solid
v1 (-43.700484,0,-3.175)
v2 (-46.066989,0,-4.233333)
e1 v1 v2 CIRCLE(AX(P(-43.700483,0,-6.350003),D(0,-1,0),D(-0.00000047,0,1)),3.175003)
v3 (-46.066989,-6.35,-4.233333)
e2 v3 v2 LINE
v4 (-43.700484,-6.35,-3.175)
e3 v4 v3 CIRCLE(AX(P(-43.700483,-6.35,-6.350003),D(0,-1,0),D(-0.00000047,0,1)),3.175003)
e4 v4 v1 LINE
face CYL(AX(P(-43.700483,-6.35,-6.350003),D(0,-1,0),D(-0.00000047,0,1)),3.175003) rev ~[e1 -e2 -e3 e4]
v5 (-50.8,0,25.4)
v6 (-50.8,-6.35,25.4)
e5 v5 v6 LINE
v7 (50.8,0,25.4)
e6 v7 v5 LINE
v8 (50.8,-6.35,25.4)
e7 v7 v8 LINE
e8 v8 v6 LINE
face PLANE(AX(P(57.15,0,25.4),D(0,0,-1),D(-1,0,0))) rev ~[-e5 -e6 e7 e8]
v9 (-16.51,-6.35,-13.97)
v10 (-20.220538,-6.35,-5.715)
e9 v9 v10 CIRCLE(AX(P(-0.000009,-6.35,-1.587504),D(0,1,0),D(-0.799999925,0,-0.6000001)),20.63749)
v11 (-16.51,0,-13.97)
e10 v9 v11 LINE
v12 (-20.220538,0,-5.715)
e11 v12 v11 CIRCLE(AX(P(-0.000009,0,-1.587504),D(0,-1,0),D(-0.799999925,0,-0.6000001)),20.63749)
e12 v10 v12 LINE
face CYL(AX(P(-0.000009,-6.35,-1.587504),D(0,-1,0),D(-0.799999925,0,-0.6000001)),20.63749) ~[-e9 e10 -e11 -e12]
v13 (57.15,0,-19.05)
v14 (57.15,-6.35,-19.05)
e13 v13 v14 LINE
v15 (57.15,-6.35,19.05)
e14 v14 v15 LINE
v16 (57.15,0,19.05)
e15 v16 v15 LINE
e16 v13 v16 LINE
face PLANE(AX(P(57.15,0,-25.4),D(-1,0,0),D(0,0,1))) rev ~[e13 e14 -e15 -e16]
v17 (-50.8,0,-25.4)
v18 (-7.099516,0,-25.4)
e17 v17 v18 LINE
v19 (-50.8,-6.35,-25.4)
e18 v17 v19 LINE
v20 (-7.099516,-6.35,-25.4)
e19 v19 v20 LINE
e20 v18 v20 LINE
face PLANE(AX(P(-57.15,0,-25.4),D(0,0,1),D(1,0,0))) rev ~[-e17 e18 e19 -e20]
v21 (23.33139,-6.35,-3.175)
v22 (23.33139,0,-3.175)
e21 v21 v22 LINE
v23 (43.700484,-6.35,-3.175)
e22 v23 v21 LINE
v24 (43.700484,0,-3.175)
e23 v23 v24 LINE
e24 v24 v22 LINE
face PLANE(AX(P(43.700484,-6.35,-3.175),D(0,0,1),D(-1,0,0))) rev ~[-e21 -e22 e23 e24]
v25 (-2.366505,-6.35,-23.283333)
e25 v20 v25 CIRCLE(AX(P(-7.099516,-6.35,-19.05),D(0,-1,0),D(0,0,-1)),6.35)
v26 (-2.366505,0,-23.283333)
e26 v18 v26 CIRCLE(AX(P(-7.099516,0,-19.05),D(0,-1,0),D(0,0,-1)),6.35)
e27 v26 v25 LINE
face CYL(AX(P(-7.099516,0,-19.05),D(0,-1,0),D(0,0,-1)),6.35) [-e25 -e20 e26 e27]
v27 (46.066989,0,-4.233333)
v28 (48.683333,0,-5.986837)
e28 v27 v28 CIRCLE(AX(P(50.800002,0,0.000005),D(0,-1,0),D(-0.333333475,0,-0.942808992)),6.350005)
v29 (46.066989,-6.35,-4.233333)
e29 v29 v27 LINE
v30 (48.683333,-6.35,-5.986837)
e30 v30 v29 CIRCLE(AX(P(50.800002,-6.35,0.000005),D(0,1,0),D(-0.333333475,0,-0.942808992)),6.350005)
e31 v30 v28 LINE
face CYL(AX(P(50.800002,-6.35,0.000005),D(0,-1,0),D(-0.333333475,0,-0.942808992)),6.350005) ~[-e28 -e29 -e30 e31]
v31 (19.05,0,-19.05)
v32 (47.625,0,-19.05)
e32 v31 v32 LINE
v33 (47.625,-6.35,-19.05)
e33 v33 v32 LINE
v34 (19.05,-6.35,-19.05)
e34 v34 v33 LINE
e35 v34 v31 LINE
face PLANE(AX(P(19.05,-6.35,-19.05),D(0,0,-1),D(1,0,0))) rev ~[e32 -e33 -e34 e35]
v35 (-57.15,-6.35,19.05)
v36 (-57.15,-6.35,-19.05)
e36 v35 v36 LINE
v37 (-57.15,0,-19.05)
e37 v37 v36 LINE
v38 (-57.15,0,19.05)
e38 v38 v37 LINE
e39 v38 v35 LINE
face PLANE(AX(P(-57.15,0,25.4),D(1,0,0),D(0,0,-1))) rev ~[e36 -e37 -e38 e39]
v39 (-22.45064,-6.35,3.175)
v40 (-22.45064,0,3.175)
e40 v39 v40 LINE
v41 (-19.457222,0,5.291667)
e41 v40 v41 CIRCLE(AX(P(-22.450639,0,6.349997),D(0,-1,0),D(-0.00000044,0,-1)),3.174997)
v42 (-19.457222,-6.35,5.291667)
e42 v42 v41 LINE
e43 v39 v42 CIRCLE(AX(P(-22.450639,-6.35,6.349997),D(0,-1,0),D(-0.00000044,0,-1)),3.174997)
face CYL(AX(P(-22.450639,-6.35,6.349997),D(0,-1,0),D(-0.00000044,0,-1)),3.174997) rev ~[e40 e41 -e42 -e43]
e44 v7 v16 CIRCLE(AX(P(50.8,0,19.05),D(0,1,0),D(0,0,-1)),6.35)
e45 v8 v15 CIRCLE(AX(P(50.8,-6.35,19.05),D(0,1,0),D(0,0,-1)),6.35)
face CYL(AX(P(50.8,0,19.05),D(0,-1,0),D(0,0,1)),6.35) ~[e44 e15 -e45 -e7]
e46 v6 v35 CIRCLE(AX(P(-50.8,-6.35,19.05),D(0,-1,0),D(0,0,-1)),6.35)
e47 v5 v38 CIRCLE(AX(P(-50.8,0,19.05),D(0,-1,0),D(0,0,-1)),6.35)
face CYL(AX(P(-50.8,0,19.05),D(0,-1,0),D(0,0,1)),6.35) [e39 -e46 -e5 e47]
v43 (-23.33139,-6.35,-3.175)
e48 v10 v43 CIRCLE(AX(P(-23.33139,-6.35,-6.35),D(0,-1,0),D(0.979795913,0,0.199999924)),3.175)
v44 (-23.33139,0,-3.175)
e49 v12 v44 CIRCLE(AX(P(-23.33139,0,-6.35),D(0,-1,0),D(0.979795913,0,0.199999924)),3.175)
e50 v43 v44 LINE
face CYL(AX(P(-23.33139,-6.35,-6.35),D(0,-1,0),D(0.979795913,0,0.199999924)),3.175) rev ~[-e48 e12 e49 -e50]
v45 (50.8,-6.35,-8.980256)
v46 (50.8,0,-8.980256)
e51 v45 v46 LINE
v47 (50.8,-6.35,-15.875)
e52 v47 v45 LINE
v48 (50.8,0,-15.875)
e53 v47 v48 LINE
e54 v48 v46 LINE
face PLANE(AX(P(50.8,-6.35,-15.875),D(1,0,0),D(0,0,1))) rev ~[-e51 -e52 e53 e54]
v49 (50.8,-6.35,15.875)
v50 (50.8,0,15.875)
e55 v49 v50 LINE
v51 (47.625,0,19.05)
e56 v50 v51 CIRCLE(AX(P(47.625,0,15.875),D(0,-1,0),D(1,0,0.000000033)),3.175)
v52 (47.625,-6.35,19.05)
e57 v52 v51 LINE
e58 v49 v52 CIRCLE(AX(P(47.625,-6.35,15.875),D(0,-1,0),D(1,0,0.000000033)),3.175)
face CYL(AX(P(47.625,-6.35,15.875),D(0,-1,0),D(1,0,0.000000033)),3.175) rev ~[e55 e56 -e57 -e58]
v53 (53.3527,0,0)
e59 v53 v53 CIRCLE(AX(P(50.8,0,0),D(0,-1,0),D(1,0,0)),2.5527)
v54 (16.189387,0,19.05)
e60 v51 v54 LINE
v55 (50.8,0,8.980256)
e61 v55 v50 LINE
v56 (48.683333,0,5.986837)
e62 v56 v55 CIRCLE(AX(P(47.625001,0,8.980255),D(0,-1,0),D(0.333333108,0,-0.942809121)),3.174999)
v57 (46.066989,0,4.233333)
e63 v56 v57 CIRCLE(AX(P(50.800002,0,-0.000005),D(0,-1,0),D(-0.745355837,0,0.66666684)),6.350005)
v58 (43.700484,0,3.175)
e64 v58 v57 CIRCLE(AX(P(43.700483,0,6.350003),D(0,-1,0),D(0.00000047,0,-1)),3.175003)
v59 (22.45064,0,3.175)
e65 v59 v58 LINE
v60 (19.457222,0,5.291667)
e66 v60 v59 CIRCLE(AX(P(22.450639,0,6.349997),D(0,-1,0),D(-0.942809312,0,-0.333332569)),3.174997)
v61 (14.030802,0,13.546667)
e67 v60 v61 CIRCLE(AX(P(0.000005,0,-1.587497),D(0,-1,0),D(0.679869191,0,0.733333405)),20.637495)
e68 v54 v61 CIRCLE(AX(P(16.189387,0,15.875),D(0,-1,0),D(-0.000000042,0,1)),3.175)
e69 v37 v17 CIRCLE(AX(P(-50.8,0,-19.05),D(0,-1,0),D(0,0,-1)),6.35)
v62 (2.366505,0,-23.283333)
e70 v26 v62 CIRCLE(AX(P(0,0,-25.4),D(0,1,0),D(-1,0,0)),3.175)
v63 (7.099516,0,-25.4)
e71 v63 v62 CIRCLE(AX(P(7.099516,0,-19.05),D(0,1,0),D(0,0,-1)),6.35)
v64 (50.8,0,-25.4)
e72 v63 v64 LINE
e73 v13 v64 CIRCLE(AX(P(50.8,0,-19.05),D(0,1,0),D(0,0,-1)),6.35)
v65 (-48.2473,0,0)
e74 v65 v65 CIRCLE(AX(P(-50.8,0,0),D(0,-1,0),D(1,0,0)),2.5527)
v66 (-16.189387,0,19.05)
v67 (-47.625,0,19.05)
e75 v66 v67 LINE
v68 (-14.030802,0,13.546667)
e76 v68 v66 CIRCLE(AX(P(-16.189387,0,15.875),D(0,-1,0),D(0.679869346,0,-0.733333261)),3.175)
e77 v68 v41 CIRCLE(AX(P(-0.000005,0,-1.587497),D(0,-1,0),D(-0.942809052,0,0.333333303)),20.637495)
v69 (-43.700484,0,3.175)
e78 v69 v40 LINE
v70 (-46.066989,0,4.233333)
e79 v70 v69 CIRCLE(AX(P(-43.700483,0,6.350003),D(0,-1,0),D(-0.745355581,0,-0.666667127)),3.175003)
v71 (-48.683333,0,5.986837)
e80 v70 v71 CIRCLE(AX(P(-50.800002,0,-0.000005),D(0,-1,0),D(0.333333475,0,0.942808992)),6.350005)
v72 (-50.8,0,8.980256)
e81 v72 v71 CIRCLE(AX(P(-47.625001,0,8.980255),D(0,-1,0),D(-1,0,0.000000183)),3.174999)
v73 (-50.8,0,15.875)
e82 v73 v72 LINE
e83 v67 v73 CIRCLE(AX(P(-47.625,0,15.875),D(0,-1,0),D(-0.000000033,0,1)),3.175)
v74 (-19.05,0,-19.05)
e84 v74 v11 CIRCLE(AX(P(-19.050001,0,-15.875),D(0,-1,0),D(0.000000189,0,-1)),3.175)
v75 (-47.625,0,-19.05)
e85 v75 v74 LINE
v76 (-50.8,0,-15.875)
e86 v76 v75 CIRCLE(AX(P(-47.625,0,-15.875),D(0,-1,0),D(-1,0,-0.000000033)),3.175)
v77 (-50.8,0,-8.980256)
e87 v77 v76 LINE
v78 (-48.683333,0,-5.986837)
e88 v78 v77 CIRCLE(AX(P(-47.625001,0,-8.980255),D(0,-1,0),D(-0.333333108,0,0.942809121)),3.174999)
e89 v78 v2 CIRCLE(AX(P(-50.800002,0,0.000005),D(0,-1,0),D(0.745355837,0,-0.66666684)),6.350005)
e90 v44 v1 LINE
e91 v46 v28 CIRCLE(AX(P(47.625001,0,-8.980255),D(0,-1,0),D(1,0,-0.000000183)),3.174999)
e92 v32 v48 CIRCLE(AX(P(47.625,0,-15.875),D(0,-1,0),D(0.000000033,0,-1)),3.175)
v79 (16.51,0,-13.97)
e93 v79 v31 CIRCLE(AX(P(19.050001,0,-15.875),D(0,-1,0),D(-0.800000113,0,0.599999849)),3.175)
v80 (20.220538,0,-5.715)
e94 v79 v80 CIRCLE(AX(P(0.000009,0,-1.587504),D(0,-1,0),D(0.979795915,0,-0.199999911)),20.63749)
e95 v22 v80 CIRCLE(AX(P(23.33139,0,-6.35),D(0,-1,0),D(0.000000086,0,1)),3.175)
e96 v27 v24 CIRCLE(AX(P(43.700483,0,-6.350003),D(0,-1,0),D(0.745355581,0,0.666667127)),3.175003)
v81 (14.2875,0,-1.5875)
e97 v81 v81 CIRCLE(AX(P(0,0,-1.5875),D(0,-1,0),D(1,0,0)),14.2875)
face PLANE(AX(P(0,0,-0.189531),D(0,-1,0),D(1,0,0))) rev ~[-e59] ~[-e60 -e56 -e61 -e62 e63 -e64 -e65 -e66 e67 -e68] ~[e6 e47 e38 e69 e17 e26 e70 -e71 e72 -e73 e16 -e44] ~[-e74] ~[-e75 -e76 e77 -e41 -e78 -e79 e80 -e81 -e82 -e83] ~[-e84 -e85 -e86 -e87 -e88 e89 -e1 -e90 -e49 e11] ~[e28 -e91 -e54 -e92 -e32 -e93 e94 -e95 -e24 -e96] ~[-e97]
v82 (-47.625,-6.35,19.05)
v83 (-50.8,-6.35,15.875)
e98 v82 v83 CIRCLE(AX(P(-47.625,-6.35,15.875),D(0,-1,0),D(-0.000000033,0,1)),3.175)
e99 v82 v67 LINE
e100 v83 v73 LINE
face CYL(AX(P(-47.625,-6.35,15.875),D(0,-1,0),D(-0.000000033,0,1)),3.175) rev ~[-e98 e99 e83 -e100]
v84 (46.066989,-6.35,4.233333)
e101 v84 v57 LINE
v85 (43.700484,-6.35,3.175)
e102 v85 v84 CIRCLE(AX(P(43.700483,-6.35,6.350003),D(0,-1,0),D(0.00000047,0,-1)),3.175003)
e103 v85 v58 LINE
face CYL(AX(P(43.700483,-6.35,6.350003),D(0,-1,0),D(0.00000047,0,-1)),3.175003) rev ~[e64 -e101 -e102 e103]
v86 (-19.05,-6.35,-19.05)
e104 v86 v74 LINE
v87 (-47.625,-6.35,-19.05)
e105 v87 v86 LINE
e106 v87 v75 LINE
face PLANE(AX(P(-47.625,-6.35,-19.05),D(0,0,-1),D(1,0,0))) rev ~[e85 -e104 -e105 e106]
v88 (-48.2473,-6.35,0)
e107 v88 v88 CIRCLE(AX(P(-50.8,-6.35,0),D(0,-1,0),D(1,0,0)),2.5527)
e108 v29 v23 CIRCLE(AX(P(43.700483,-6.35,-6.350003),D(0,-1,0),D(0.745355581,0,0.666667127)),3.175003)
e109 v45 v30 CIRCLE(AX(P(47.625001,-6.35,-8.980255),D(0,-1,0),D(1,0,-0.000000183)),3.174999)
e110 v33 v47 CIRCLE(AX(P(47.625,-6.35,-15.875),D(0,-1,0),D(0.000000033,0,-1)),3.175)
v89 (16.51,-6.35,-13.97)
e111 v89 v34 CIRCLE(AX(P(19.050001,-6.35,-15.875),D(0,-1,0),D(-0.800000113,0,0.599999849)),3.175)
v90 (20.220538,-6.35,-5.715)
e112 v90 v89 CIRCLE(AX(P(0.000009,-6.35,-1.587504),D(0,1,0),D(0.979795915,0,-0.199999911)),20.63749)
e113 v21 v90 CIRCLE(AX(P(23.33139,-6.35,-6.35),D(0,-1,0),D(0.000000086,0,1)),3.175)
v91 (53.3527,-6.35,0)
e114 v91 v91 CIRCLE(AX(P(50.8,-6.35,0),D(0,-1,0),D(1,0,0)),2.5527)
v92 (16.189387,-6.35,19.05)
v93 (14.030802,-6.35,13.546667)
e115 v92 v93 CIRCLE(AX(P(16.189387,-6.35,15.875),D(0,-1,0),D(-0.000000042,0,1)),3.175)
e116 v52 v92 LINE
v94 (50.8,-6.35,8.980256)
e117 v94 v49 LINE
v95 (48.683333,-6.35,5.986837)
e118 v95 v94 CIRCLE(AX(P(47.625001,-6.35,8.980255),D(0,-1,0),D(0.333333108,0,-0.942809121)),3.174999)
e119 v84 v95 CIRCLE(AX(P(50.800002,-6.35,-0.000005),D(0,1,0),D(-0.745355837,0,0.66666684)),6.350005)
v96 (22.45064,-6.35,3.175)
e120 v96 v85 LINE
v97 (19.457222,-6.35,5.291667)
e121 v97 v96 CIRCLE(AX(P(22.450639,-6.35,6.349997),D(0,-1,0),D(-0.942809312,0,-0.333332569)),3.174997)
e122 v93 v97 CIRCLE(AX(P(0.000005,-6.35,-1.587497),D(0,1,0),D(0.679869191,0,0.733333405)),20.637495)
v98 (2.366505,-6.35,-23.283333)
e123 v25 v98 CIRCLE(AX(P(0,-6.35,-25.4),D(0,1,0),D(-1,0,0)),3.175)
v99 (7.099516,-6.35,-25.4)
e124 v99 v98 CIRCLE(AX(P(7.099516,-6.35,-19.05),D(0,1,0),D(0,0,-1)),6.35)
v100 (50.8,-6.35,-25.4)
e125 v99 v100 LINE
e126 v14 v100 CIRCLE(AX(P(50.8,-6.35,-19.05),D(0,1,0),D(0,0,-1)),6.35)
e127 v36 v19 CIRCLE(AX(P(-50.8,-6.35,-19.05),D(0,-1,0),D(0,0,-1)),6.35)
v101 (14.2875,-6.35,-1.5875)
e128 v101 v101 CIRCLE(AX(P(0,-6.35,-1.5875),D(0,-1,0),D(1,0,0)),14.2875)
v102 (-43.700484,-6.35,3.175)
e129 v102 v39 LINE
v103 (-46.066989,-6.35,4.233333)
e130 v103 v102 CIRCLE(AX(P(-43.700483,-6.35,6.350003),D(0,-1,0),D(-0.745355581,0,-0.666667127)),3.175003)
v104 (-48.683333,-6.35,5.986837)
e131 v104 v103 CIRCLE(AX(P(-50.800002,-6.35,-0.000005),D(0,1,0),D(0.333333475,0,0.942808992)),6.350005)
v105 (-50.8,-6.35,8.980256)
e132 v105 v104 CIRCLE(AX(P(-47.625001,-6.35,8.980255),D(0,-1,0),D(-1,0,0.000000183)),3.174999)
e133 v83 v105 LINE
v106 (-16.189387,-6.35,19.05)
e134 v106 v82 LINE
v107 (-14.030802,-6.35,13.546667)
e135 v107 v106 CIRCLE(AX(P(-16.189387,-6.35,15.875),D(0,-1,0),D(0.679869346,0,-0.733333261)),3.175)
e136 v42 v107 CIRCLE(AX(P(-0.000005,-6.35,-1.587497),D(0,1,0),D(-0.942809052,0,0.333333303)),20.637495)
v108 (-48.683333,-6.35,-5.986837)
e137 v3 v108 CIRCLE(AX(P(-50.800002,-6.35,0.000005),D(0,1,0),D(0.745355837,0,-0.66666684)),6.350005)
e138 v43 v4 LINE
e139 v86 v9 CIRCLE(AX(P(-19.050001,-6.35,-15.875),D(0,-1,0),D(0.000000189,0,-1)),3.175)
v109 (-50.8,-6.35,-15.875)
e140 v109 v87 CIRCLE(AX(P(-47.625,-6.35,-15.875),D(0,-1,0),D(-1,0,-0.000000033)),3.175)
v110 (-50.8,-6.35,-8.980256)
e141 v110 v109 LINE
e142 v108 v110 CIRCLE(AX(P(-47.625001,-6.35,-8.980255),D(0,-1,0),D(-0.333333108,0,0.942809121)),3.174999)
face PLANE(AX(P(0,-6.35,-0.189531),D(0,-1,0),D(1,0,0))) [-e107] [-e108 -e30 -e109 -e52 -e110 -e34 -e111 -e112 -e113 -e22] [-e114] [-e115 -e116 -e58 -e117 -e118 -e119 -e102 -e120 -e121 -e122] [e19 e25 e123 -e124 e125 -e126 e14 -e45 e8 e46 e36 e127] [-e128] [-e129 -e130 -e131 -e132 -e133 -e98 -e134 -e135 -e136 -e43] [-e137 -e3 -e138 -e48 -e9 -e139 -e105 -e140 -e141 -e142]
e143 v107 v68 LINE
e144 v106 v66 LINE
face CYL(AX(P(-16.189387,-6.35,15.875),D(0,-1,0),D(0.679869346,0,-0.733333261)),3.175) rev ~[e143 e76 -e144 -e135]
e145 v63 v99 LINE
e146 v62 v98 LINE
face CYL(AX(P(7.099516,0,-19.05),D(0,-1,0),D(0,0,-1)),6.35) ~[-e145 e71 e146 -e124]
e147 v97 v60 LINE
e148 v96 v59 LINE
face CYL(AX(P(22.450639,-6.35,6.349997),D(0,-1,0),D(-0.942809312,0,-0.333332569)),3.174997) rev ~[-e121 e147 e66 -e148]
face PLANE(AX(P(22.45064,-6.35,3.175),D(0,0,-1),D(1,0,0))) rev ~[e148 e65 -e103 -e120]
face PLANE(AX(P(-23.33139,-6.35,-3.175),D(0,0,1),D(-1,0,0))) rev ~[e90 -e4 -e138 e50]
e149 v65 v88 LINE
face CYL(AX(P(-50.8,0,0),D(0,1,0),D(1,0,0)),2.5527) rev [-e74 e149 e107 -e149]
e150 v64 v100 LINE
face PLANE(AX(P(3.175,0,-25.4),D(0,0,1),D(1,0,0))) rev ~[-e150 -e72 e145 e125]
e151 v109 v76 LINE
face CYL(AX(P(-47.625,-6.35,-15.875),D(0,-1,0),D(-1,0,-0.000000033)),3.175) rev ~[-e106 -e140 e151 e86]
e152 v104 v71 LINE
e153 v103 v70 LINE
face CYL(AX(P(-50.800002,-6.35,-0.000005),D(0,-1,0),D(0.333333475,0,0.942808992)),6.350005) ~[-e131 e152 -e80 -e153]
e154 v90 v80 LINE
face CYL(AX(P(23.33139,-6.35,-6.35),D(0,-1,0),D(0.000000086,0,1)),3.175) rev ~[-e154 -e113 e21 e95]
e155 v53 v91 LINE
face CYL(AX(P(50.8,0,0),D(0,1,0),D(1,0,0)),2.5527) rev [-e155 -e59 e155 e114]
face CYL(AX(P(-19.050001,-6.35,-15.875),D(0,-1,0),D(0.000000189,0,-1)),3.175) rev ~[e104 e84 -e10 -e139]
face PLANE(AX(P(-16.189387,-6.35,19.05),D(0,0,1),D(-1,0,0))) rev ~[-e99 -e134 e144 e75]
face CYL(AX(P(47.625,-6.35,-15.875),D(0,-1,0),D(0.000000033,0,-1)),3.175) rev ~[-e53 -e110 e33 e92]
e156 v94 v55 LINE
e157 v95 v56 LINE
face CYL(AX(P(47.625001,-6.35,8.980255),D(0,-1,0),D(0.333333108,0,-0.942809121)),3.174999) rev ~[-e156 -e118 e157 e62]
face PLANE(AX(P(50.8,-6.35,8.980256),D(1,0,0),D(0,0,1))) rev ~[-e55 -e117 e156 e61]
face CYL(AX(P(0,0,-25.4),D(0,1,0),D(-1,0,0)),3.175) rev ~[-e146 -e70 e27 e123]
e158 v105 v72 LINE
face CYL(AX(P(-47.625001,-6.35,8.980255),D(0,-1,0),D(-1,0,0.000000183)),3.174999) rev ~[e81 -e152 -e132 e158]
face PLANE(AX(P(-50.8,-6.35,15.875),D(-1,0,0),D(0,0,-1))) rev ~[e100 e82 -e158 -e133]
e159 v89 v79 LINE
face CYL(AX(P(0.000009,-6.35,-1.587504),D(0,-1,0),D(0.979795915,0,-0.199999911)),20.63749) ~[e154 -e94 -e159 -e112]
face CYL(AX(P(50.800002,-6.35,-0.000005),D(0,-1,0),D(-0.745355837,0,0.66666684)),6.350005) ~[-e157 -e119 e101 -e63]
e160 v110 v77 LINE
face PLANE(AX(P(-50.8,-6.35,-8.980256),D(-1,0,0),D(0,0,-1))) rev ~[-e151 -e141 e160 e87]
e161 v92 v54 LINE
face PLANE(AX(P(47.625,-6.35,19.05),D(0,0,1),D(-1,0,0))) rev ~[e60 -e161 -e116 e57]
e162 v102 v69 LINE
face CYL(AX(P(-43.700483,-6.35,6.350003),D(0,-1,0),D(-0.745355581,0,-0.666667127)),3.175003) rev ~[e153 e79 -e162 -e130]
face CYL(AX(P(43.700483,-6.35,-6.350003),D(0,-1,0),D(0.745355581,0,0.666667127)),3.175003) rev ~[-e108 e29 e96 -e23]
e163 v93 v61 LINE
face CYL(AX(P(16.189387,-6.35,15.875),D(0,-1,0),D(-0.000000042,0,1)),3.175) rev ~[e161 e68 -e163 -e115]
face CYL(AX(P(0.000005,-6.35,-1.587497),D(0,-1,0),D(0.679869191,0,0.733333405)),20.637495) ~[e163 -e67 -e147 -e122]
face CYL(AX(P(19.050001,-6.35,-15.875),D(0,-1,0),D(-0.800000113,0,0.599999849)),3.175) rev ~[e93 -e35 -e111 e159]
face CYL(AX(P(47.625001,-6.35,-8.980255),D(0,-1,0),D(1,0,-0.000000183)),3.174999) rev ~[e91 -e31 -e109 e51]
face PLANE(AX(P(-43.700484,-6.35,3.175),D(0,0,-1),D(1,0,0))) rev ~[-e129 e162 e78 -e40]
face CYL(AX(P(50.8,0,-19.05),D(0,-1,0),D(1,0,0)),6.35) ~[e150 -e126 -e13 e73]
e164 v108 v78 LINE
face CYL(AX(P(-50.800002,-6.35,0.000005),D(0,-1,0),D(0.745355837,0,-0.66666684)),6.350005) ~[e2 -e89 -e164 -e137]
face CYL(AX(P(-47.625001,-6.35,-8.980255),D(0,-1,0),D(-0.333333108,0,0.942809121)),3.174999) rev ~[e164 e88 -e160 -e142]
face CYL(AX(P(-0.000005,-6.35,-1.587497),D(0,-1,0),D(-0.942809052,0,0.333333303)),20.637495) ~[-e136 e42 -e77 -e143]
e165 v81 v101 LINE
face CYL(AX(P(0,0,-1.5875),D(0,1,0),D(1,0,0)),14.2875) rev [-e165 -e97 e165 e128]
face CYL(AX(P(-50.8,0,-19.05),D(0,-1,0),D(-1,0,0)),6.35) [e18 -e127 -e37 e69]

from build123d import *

# Parameters (mm, degrees)
F0_R     = 14.2875
F0_R_2   = 2.5527
F1_DEPTH = 6.35
F2_R     = 6.35
F4_DEPTH = 25.4


with BuildPart() as f1:
    # F0 (on Front) → F1 (new body)
    with BuildSketch(Plane.XZ):
        with BuildLine():
            Line((57.15, 25.4), (-57.15, 25.4))
            Line((-57.15, 25.4), (-57.15, -25.4))
            Line((-57.15, -25.4), (-3.175, -25.4))
            ThreePointArc((-3.175, -25.4), (0, -22.225), (3.175, -25.4))
            Line((3.175, -25.4), (57.15, -25.4))
            Line((57.15, -25.4), (57.15, 25.4))
        make_face()
        with Locations((0, -1.5875)):
            Circle(F0_R, mode=Mode.SUBTRACT)
        with Locations((-50.8, 0)):
            Circle(F0_R_2, mode=Mode.SUBTRACT)
        with Locations((50.8, 0)):
            Circle(F0_R_2, mode=Mode.SUBTRACT)
    extrude(amount=F1_DEPTH)

    # F2
    f2_edges = [f1.edges().sort_by_distance(p)[0] for p in [
        (-57.15, -3.175, 25.4),
        (-57.15, -3.175, -25.4),
        (57.15, -3.175, -25.4),
        (57.15, -3.175, 25.4),
        (-3.175, -3.175, -25.4),
        (3.175, -3.175, -25.4),
    ]]
    fillet(f2_edges, radius=F2_R)

    # F3 (on face) → F4 (cut)
    with BuildSketch(Plane.XZ.offset(6.35)):
        with BuildLine():
            ThreePointArc((-46.066989, 4.233333), (-44.996672, 3.451635), (-43.700484, 3.175))
            Line((-43.700484, 3.175), (-22.45064, 3.175))
            ThreePointArc((-22.45064, 3.175), (-20.617553, 3.757623), (-19.457222, 5.291667))
            ThreePointArc((-19.457222, 5.291667), (-17.245237, 9.748647), (-14.030802, 13.546667))
            ThreePointArc((-14.030802, 13.546667), (-13.233623, 17.034346), (-16.189387, 19.05))
            Line((-16.189387, 19.05), (-47.625, 19.05))
            ThreePointArc((-47.625, 19.05), (-49.870064, 18.120064), (-50.8, 15.875))
            Line((-50.8, 15.875), (-50.8, 8.980256))
            ThreePointArc((-50.8, 8.980256), (-50.217377, 7.147169), (-48.683333, 5.986837))
            ThreePointArc((-48.683333, 5.986837), (-47.264719, 5.274873), (-46.066989, 4.233333))
        make_face()
        with BuildLine():
            Line((-23.33139, -3.175), (-43.700484, -3.175))
            ThreePointArc((-43.700484, -3.175), (-44.996672, -3.451635), (-46.066989, -4.233333))
            ThreePointArc((-46.066989, -4.233333), (-47.264719, -5.274873), (-48.683333, -5.986837))
            ThreePointArc((-48.683333, -5.986837), (-50.217377, -7.147169), (-50.8, -8.980256))
            Line((-50.8, -8.980256), (-50.8, -15.875))
            ThreePointArc((-50.8, -15.875), (-49.870064, -18.120064), (-47.625, -19.05))
            Line((-47.625, -19.05), (-19.05, -19.05))
            ThreePointArc((-19.05, -19.05), (-16.210194, -17.294903), (-16.51, -13.97))
            ThreePointArc((-16.51, -13.97), (-18.823373, -10.048413), (-20.220538, -5.715))
            ThreePointArc((-20.220538, -5.715), (-21.323343, -3.890656), (-23.33139, -3.175))
        make_face()
        with BuildLine():
            ThreePointArc((43.700484, 3.175), (44.996672, 3.451635), (46.066989, 4.233333))
            ThreePointArc((46.066989, 4.233333), (47.264719, 5.274873), (48.683333, 5.986837))
            ThreePointArc((48.683333, 5.986837), (50.217377, 7.147169), (50.8, 8.980256))
            Line((50.8, 8.980256), (50.8, 15.875))
            ThreePointArc((50.8, 15.875), (49.870064, 18.120064), (47.625, 19.05))
            Line((47.625, 19.05), (16.189387, 19.05))
            ThreePointArc((16.189387, 19.05), (13.233623, 17.034346), (14.030802, 13.546667))
            ThreePointArc((14.030802, 13.546667), (17.245237, 9.748647), (19.457222, 5.291667))
            ThreePointArc((19.457222, 5.291667), (20.617553, 3.757623), (22.45064, 3.175))
            Line((22.45064, 3.175), (43.700484, 3.175))
        make_face()
        with BuildLine():
            ThreePointArc((50.8, -8.980256), (50.217377, -7.147169), (48.683333, -5.986837))
            ThreePointArc((48.683333, -5.986837), (47.264719, -5.274873), (46.066989, -4.233333))
            ThreePointArc((46.066989, -4.233333), (44.996672, -3.451635), (43.700484, -3.175))
            Line((43.700484, -3.175), (23.33139, -3.175))
            ThreePointArc((23.33139, -3.175), (21.323343, -3.890656), (20.220538, -5.715))
            ThreePointArc((20.220538, -5.715), (18.823373, -10.048413), (16.51, -13.97))
            ThreePointArc((16.51, -13.97), (16.210194, -17.294903), (19.05, -19.05))
            Line((19.05, -19.05), (47.625, -19.05))
            ThreePointArc((47.625, -19.05), (49.870064, -18.120064), (50.8, -15.875))
            Line((50.8, -15.875), (50.8, -8.980256))
        make_face()
    extrude(amount=-F4_DEPTH, mode=Mode.SUBTRACT)


solid = f1.part
